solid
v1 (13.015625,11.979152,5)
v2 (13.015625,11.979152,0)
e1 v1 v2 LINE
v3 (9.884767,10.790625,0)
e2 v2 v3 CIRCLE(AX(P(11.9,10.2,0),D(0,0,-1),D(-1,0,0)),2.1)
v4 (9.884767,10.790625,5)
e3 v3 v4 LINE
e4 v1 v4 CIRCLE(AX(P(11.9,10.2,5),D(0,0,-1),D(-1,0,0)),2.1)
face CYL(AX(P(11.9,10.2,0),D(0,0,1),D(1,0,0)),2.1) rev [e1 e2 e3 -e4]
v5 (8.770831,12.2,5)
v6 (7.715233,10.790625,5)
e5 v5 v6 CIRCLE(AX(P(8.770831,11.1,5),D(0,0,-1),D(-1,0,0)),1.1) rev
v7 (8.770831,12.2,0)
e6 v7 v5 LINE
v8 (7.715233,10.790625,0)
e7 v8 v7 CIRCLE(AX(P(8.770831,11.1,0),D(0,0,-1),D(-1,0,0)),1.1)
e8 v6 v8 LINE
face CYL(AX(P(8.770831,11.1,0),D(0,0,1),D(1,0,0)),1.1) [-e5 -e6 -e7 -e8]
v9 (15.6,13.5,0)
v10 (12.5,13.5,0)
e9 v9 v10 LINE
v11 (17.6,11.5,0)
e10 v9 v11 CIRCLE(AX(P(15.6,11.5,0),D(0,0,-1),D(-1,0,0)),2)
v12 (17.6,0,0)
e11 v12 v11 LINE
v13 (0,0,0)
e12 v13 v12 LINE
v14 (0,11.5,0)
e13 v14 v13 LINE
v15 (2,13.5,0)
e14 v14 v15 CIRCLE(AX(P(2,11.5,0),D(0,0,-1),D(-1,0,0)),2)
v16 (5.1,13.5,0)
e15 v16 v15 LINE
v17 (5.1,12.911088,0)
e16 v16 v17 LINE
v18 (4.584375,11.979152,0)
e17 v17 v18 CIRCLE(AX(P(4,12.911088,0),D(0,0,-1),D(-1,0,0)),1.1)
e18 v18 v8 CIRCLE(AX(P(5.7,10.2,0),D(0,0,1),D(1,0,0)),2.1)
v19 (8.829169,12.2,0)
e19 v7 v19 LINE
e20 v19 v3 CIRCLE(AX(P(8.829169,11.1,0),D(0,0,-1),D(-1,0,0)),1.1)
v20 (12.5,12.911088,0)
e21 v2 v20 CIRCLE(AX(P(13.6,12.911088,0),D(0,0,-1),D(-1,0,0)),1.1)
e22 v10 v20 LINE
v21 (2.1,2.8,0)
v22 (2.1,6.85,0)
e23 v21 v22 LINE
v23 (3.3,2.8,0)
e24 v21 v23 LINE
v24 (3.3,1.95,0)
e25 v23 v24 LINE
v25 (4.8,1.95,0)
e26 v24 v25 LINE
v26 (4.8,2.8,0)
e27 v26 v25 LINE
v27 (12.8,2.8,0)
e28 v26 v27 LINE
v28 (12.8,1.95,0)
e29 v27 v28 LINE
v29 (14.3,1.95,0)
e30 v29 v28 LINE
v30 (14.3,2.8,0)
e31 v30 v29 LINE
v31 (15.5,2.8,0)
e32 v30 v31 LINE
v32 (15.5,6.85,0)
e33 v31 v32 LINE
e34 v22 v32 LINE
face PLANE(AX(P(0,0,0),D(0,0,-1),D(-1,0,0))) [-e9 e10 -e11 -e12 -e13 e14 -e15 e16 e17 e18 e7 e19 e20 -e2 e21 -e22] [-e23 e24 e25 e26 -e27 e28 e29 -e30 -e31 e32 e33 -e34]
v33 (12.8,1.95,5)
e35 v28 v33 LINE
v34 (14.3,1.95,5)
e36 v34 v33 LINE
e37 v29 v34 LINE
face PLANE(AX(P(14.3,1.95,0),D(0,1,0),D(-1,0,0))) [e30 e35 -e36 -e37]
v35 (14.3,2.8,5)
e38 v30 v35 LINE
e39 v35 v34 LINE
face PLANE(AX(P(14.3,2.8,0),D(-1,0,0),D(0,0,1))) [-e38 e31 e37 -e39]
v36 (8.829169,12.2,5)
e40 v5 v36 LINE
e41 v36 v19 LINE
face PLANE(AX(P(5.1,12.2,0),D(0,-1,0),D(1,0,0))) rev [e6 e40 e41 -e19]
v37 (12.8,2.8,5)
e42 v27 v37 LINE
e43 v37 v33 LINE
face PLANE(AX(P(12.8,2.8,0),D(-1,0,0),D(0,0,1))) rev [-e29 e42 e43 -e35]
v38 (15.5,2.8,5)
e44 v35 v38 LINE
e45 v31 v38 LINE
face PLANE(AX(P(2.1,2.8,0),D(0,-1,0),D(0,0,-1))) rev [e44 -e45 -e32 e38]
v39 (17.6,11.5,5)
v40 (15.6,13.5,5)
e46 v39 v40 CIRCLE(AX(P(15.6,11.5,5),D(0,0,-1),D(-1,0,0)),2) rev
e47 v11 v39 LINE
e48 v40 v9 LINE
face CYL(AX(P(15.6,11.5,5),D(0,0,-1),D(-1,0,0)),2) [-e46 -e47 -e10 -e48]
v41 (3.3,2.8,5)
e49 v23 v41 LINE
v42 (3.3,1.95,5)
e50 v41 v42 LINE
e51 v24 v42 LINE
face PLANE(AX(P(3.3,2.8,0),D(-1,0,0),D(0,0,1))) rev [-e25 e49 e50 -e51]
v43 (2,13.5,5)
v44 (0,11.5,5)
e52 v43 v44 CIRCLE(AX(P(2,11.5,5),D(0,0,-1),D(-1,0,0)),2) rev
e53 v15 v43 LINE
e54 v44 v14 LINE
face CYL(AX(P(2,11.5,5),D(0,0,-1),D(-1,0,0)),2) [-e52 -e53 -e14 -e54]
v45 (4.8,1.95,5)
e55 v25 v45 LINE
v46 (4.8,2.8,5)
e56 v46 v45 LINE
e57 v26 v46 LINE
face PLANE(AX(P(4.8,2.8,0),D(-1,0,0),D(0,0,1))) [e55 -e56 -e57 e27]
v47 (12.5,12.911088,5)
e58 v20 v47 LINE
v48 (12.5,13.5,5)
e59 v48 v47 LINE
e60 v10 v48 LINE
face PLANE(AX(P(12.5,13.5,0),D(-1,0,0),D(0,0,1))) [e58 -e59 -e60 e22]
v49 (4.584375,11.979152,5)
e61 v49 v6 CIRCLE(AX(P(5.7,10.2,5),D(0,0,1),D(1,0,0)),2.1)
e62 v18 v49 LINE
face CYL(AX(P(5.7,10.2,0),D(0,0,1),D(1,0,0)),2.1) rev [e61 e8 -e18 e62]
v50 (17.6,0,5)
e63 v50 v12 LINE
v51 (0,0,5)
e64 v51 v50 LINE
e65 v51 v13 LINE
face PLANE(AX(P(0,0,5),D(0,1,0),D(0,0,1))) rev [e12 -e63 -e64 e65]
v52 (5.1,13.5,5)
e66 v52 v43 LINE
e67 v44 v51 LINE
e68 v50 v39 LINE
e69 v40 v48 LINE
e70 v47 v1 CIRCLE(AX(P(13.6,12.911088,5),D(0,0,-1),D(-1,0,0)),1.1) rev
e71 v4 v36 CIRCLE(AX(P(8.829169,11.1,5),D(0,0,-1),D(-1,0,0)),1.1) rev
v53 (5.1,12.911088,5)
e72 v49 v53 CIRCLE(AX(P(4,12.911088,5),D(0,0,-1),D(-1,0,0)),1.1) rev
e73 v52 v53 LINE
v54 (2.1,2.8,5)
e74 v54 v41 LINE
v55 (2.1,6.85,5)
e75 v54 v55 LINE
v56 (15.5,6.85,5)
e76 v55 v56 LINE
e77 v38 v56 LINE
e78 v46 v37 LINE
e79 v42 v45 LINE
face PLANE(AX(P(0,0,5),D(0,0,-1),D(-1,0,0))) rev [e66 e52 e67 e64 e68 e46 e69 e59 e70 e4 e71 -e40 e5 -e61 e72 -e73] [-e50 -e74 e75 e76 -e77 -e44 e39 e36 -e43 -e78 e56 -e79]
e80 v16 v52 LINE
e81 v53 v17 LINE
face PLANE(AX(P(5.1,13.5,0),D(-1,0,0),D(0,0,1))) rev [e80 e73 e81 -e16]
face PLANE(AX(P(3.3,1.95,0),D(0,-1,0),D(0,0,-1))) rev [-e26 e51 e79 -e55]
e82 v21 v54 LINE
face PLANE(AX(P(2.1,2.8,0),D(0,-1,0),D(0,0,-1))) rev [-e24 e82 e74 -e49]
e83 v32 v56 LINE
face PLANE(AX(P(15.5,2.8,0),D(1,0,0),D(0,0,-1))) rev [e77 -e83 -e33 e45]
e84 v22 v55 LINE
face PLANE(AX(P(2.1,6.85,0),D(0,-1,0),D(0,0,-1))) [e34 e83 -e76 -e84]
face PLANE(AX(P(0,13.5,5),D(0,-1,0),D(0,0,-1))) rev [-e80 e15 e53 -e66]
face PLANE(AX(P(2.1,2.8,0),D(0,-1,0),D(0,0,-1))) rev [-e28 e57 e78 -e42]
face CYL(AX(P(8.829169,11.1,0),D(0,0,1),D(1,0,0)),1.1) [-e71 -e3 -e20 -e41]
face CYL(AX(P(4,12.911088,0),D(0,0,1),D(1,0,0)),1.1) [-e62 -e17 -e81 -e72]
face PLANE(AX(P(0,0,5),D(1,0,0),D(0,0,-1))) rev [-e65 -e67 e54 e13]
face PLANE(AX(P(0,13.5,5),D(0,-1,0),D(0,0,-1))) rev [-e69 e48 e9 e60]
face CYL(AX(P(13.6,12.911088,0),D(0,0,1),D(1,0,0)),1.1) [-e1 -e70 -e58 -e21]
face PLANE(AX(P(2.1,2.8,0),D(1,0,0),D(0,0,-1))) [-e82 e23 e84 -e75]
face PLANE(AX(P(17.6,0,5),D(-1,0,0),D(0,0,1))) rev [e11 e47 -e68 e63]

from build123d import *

# Parameters (mm, degrees)
SKETCH1_W           = 17.6
SKETCH1_H           = 13.5
BOSS_EXTRUDE1_DEPTH = 5
SKETCH2_W           = 1.5
SKETCH2_H           = 0.85
SKETCH2_W_2         = 13.4
SKETCH2_H_2         = 4.05
CUT_EXTRUDE2_DEPTH  = 5
SKETCH3_R           = 2.1
SKETCH3_W           = 7.4
SKETCH3_H           = 1.3
CUT_EXTRUDE3_DEPTH  = 5
FILLET1_R           = 1.1
FILLET2_R           = 2


with BuildPart() as part:
    # Sketch1 → Boss-Extrude1 (new body)
    with BuildSketch(Plane.XY):
        with Locations((8.8, 6.75)):
            Rectangle(SKETCH1_W, SKETCH1_H)
    extrude(amount=BOSS_EXTRUDE1_DEPTH)

    # Sketch2 → Cut-Extrude2 (cut)
    with BuildSketch(Plane.XY.offset(5)):
        with Locations((13.55, 2.375)):
            Rectangle(SKETCH2_W, SKETCH2_H)
        with Locations((8.8, 4.825)):
            Rectangle(SKETCH2_W_2, SKETCH2_H_2)
        with Locations((4.05, 2.375)):
            Rectangle(SKETCH2_W, SKETCH2_H)
    extrude(amount=-CUT_EXTRUDE2_DEPTH, mode=Mode.SUBTRACT)

    # Sketch3 → Cut-Extrude3 (cut)
    with BuildSketch(Plane.XY.offset(5)):
        with Locations((5.7, 10.2)):
            Circle(SKETCH3_R)
        with Locations((11.9, 10.2)):
            Circle(SKETCH3_R)
        with Locations((8.8, 12.85)):
            Rectangle(SKETCH3_W, SKETCH3_H)
    extrude(amount=-CUT_EXTRUDE3_DEPTH, mode=Mode.SUBTRACT)

    # Fillet1
    fillet1_edges = [part.edges().sort_by_distance(p)[0] for p in [
        (12.5, 12.21246118, 2.5),
        (5.1, 12.21246118, 2.5),
        (6.340312424, 12.2, 2.5),
        (11.259687576, 12.2, 2.5),
    ]]
    fillet(fillet1_edges, radius=FILLET1_R)

    # Fillet2
    fillet2_edges = [part.edges().sort_by_distance(p)[0] for p in [
        (0, 13.5, 2.5),
        (17.6, 13.5, 2.5),
    ]]
    fillet(fillet2_edges, radius=FILLET2_R)


solid = part.part
